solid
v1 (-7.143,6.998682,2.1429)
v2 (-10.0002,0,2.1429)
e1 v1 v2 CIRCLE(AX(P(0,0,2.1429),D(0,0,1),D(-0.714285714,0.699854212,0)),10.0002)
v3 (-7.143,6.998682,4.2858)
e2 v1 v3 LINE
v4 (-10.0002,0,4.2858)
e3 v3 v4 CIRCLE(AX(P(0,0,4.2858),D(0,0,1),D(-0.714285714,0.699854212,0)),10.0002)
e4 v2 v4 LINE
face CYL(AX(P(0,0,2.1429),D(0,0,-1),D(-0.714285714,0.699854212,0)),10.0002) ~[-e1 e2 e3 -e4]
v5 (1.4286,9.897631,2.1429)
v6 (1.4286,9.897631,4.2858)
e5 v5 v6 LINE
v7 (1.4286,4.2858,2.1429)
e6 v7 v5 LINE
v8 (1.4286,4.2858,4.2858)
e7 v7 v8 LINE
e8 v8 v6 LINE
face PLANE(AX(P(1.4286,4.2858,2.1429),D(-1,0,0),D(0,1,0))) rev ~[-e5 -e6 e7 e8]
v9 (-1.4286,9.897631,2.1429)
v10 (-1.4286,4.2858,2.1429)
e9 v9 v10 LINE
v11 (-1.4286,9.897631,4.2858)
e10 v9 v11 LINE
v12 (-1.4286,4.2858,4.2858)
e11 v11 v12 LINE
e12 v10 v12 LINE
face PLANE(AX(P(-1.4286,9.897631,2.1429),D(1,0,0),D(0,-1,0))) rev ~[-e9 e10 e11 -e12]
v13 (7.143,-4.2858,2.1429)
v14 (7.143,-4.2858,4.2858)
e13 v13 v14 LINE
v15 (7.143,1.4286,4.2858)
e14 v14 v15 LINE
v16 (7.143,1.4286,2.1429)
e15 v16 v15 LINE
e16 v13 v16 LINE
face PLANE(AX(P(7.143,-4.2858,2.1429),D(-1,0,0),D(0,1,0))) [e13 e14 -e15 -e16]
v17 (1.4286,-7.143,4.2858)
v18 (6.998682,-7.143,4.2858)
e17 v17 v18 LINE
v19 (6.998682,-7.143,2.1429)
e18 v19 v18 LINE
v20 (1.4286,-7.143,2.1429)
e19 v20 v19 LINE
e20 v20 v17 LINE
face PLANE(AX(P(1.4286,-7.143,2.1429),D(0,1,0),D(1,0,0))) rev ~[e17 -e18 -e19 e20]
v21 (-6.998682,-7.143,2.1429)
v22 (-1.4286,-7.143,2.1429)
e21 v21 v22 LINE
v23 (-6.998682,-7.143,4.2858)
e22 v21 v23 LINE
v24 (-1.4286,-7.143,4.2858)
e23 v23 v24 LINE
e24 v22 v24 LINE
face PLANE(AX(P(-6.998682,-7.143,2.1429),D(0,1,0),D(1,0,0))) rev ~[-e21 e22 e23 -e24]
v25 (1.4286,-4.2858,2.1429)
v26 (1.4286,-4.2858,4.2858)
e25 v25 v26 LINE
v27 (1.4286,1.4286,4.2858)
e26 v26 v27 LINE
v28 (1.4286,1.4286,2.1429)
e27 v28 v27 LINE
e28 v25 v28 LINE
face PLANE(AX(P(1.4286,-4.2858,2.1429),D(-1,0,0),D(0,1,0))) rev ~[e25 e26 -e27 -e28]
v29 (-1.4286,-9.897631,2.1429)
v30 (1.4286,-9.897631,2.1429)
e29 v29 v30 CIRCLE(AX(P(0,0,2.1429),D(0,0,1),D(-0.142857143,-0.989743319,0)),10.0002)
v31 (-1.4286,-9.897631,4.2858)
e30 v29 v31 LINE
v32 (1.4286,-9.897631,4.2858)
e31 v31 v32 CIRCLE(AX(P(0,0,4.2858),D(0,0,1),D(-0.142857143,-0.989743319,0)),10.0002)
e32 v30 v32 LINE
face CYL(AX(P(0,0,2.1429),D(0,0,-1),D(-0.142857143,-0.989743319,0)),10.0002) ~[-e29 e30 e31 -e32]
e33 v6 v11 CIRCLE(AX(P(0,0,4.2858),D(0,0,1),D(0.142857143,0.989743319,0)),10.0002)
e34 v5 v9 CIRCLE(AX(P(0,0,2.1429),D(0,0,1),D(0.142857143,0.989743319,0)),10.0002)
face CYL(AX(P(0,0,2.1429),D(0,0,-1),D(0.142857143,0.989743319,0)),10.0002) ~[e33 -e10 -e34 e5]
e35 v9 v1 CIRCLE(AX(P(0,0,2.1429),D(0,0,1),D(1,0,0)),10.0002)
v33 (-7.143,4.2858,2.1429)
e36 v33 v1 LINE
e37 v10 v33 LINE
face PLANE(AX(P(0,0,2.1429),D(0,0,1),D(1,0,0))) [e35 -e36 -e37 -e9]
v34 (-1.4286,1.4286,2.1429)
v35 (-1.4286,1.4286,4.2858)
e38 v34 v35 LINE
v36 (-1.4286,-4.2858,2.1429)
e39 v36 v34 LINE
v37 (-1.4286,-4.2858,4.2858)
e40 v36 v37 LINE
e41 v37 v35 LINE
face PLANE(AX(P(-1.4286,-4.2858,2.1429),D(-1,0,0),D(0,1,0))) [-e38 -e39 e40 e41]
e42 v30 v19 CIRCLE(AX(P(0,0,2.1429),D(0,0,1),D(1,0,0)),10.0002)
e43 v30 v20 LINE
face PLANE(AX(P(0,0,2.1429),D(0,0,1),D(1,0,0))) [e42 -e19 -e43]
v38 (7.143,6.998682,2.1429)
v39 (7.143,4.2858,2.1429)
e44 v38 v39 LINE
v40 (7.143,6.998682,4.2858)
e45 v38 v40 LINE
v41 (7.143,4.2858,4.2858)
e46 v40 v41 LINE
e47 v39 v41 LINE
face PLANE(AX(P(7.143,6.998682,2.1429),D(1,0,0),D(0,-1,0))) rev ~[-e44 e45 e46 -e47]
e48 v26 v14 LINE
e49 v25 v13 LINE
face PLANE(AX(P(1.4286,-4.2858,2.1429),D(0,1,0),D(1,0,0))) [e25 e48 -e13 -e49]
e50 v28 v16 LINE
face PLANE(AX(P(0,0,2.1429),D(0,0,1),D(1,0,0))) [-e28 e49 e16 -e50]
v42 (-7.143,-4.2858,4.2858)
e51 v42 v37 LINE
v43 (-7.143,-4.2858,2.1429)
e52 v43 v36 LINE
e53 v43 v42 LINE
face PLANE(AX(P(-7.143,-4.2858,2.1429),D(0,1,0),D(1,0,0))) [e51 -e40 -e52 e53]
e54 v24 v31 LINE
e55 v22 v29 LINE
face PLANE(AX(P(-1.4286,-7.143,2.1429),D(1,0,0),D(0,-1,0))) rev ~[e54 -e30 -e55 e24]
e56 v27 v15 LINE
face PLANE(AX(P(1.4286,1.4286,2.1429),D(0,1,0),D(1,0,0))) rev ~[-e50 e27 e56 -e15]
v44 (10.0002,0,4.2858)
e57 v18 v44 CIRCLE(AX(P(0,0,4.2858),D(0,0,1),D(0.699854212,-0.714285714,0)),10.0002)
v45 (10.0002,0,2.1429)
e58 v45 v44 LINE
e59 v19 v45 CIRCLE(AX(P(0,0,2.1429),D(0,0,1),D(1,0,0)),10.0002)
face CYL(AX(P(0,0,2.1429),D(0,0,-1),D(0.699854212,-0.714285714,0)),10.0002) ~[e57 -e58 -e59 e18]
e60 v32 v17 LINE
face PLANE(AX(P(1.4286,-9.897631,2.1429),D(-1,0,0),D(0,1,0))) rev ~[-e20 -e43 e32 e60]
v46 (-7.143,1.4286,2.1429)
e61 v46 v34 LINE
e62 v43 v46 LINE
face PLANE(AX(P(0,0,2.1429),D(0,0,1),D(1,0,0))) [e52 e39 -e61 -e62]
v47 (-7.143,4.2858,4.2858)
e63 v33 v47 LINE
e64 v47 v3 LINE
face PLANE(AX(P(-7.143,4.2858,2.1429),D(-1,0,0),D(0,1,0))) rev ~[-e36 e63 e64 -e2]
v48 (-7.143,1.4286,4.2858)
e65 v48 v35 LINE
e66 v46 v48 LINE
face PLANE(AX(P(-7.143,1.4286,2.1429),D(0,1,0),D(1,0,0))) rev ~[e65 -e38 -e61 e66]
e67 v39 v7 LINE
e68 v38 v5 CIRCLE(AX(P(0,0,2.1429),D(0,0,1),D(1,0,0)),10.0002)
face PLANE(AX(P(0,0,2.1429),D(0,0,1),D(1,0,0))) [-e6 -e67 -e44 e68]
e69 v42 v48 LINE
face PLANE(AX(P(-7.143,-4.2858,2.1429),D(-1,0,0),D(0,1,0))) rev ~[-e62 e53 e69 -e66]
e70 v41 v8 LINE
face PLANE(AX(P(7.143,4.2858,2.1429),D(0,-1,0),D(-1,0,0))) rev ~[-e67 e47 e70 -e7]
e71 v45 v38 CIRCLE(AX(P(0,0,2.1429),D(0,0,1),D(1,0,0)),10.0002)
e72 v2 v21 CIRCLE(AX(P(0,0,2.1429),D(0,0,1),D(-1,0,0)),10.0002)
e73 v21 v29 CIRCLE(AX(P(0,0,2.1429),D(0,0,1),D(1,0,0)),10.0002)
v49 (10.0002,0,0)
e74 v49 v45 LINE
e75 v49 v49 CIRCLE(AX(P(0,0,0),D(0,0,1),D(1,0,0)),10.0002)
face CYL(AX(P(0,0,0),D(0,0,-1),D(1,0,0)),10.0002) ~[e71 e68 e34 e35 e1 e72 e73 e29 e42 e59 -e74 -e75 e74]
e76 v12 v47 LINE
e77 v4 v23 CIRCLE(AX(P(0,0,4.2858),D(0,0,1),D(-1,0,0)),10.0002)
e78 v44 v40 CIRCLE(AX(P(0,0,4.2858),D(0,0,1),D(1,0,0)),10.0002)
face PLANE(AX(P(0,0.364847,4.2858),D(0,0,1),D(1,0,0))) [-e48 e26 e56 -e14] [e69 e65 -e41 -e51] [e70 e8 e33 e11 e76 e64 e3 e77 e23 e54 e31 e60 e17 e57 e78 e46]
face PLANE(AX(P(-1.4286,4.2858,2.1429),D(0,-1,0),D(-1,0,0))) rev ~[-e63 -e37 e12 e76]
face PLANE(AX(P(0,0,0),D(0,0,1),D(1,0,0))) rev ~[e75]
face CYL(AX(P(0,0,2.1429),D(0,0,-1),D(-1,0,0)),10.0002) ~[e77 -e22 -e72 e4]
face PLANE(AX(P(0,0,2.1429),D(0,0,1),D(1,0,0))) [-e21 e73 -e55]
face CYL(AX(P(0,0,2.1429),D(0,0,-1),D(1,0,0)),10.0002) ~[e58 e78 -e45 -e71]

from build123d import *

# Parameters (mm, degrees)
F0_R     = 14
F1_DEPTH = 3
F2_W     = 8
F2_H     = 8
F3_DEPTH = 3
F4_SCALE = 0.7143


with BuildPart() as f1:
    # F0 (on Top) → F1 (new body)
    with BuildSketch(Plane.XY):
        Circle(F0_R)
    extrude(amount=F1_DEPTH)

    # F2 (on face) → F3 (join)
    with BuildSketch(Plane.XY.offset(3)):
        with BuildLine():
            Line((-10, 6), (-10, 9.7979589711))
            ThreePointArc((-10, 9.7979589711), (-12.9614813968, 5.2915026221), (-14, 0))
            ThreePointArc((-14, 0), (-12.9068087767, -5.4234940031), (-9.7979589711, -10))
            Line((-9.7979589711, -10), (-2, -10))
            Line((-2, -10), (-2, -13.8564064606))
            ThreePointArc((-2, -13.8564064606), (0, -14), (2, -13.8564064606))
            Line((2, -13.8564064606), (2, -10))
            Line((2, -10), (9.7979589711, -10))
            ThreePointArc((9.7979589711, -10), (12.9068087767, -5.4234940031), (14, 0))
            ThreePointArc((14, 0), (12.9614813968, 5.2915026221), (10, 9.7979589711))
            Line((10, 9.7979589711), (10, 6))
            Line((10, 6), (2, 6))
            Line((2, 6), (2, 13.8564064606))
            ThreePointArc((2, 13.8564064606), (0, 14), (-2, 13.8564064606))
            Line((-2, 13.8564064606), (-2, 6))
            Line((-2, 6), (-10, 6))
        make_face()
        with Locations((-6, -2)):
            Rectangle(F2_W, F2_H, mode=Mode.SUBTRACT)
        with Locations((6, -2)):
            Rectangle(F2_W, F2_H, mode=Mode.SUBTRACT)
    extrude(amount=F3_DEPTH)


with BuildPart() as f1_1:
    # F4: moved
    add(f1.part.scale(F4_SCALE))


solid = f1_1.part
